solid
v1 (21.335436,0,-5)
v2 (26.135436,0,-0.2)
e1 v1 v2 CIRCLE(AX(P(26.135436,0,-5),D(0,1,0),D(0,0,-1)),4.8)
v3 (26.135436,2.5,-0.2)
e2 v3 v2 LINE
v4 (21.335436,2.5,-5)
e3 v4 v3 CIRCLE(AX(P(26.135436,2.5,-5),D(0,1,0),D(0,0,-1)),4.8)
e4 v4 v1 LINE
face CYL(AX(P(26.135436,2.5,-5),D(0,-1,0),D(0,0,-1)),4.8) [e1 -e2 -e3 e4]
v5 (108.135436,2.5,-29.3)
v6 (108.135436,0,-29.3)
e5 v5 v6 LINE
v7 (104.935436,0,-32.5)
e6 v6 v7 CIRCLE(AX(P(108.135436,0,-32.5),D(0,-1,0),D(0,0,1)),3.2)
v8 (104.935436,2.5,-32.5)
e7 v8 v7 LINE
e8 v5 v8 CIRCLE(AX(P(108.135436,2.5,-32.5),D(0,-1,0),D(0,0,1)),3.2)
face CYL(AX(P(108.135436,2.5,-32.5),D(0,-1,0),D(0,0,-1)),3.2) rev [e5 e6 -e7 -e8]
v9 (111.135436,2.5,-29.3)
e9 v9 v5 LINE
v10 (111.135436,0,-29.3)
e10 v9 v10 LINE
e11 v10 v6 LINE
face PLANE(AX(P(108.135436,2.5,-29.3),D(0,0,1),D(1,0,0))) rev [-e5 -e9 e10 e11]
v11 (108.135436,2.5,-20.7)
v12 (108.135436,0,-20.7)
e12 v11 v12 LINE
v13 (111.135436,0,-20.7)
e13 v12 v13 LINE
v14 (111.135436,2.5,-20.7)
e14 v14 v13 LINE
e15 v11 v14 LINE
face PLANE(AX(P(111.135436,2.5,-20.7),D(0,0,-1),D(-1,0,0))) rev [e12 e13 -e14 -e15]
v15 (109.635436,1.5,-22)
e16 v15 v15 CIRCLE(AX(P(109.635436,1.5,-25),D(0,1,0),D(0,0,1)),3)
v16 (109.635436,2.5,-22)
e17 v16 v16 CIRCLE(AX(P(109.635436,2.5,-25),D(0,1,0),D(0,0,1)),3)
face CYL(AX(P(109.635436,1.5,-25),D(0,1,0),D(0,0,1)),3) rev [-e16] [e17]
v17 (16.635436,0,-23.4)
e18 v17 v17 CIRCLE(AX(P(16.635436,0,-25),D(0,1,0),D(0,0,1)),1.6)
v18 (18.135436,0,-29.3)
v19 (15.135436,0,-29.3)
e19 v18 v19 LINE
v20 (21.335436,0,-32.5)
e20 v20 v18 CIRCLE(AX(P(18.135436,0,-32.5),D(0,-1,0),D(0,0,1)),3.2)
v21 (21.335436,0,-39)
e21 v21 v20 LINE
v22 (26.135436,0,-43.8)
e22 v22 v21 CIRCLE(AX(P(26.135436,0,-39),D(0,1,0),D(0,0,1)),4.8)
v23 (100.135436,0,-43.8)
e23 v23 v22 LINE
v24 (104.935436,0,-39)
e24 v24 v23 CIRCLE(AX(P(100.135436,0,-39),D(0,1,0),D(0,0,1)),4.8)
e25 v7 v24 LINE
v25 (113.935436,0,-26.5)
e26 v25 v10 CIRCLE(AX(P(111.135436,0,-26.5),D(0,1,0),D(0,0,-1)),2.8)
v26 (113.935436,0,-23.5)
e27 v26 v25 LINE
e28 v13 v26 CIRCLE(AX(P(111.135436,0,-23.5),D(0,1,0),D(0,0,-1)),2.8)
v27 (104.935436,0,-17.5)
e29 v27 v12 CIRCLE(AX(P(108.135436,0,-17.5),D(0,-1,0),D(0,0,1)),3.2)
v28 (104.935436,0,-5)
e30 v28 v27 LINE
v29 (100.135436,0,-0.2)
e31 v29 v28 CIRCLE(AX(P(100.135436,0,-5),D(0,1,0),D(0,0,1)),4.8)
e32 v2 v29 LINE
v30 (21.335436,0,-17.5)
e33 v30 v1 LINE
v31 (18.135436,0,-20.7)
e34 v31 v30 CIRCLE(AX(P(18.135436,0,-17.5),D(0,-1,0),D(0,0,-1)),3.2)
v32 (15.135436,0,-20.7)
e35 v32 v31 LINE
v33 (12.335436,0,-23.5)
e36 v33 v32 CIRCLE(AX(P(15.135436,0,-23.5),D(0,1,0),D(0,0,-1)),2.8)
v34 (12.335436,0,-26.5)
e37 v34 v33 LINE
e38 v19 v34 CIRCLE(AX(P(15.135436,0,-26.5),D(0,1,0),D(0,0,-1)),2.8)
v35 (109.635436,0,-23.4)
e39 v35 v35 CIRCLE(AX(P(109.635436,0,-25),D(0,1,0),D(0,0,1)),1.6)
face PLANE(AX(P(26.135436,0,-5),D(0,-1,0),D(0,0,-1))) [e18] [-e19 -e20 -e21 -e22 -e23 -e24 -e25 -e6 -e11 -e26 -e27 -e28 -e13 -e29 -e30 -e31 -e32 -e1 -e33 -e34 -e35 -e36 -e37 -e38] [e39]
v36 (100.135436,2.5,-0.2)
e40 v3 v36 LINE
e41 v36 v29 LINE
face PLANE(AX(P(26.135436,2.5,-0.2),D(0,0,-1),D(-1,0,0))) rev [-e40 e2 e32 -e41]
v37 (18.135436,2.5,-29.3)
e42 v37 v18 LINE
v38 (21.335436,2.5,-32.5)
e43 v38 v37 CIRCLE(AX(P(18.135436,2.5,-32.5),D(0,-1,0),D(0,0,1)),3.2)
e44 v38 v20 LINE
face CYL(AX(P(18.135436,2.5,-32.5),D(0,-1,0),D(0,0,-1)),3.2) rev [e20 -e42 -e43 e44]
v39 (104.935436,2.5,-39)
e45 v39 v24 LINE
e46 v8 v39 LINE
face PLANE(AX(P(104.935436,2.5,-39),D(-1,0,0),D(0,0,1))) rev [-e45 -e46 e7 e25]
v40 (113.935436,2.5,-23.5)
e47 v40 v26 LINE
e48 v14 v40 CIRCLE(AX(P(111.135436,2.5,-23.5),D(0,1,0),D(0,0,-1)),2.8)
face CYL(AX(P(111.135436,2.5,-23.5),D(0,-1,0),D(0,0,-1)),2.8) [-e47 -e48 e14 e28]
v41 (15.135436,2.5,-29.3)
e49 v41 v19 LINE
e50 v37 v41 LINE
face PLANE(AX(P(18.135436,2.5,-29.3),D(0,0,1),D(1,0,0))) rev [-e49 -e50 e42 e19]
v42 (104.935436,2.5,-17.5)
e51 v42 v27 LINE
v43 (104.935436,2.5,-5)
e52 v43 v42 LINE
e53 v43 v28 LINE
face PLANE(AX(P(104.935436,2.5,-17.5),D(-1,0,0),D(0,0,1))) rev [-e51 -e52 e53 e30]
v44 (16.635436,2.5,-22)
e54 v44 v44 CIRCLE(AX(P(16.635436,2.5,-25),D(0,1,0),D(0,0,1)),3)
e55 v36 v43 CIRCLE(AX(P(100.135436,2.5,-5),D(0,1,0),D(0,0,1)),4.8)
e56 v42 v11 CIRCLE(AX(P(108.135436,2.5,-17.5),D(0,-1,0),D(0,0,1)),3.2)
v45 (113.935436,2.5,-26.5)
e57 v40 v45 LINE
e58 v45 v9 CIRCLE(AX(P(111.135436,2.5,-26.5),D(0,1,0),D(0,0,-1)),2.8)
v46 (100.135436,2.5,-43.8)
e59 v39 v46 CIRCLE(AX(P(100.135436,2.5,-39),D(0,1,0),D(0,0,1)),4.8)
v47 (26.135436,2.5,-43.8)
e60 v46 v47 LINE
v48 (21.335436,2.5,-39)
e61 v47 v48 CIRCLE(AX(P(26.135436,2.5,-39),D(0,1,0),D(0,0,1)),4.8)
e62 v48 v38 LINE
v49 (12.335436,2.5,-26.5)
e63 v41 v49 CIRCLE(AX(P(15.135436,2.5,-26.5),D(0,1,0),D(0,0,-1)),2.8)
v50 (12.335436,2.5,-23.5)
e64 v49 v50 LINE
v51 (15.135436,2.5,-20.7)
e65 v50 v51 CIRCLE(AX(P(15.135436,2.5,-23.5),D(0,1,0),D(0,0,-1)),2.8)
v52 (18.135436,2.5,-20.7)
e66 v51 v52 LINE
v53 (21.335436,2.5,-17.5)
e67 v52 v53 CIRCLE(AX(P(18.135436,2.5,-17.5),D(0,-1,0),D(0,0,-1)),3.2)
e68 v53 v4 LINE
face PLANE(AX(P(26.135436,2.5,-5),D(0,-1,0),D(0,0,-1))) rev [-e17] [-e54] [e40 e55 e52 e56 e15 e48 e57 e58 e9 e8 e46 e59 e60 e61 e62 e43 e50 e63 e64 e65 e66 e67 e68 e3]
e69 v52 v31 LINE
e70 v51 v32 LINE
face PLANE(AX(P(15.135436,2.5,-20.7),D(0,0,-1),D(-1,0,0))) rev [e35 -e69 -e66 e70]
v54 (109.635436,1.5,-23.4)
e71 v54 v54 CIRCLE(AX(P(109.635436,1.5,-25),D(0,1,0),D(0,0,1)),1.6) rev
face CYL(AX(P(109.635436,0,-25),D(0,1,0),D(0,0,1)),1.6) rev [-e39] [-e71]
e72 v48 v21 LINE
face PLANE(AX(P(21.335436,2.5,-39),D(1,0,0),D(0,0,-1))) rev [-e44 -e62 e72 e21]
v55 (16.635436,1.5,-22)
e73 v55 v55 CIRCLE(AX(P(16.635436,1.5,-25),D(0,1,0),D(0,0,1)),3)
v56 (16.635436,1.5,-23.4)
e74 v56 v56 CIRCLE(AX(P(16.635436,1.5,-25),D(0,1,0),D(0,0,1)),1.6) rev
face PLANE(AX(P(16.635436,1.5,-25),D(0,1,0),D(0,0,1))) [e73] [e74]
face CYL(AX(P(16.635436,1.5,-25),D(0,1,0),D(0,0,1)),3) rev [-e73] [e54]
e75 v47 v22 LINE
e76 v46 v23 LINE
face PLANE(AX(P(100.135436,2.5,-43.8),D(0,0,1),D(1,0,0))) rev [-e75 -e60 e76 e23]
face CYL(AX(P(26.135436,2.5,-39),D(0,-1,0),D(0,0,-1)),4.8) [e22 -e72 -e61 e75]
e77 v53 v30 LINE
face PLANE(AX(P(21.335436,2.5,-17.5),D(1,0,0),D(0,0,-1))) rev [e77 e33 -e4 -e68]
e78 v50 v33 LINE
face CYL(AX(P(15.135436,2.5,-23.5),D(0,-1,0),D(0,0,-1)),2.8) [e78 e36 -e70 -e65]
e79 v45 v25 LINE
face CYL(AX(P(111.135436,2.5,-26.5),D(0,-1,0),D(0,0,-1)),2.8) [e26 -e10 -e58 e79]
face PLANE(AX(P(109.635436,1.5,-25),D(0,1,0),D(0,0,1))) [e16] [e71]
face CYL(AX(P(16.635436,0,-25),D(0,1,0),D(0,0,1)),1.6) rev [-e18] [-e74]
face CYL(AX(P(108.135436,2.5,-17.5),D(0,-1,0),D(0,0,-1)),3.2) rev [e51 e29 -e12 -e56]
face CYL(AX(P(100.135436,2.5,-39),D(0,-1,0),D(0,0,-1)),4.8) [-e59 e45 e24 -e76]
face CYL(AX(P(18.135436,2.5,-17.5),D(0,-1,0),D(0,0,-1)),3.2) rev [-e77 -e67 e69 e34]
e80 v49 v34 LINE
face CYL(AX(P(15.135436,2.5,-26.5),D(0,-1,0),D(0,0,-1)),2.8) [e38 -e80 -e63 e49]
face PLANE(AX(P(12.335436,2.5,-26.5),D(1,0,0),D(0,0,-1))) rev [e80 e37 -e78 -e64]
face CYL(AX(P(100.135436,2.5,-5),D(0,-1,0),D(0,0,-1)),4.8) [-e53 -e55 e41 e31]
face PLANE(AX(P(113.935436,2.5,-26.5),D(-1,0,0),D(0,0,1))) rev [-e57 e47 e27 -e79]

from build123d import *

# Parameters (mm, degrees)
EXTRUDE_1_DEPTH     = 2.5
SKETCH_2_R          = 1.6
CUT_EXTRUDE_1_DEPTH = 123.090022194
SKETCH_3_R          = 3
CUT_EXTRUDE_2_DEPTH = 1


with BuildPart() as part:
    # 草图1 → 凸台-拉伸1 (new body)
    with BuildSketch(Plane(origin=(0, 0, 0), x_dir=(1, 0, 0), z_dir=(0, 1, 0))):
        with BuildLine():
            Line((26.135435749, 0.2), (100.135435749, 0.2))
            ThreePointArc((100.135435749, 0.2), (103.529548299, 1.60588745), (104.935435749, 5))
            Line((104.935435749, 5), (104.935435749, 17.5))
            ThreePointArc((104.935435749, 17.5), (105.87269405, 19.7627417), (108.135435749, 20.7))
            Line((108.135435749, 20.7), (111.135435749, 20.7))
            ThreePointArc((111.135435749, 20.7), (113.115334737, 21.520101013), (113.935435749, 23.5))
            Line((113.935435749, 23.5), (113.935435749, 26.5))
            ThreePointArc((113.935435749, 26.5), (113.115334737, 28.479898987), (111.135435749, 29.3))
            Line((111.135435749, 29.3), (108.135435749, 29.3))
            ThreePointArc((108.135435749, 29.3), (105.87269405, 30.2372583), (104.935435749, 32.5))
            Line((104.935435749, 32.5), (104.935435749, 39))
            ThreePointArc((104.935435749, 39), (103.529548299, 42.39411255), (100.135435749, 43.8))
            Line((100.135435749, 43.8), (26.135435749, 43.8))
            ThreePointArc((26.135435749, 43.8), (22.7413232, 42.39411255), (21.335435749, 39))
            Line((21.335435749, 39), (21.335435749, 32.5))
            ThreePointArc((21.335435749, 32.5), (20.398177449, 30.2372583), (18.135435749, 29.3))
            Line((18.135435749, 29.3), (15.135435749, 29.3))
            ThreePointArc((15.135435749, 29.3), (13.155536762, 28.479898987), (12.335435749, 26.5))
            Line((12.335435749, 26.5), (12.335435749, 23.5))
            ThreePointArc((12.335435749, 23.5), (13.155536762, 21.520101013), (15.135435749, 20.7))
            Line((15.135435749, 20.7), (18.135435749, 20.7))
            ThreePointArc((18.135435749, 20.7), (20.398177449, 19.7627417), (21.335435749, 17.5))
            Line((21.335435749, 17.5), (21.335435749, 5))
            ThreePointArc((21.335435749, 5), (22.7413232, 1.60588745), (26.135435749, 0.2))
        make_face()
    extrude(amount=EXTRUDE_1_DEPTH)

    # 草图2 → 切除-拉伸1 (cut, through all)
    with BuildSketch(Plane(origin=(0, 2.5, 0), x_dir=(1, 0, 0), z_dir=(0, 1, 0))):
        with Locations(Location((16.635435749, 25, 0), (0, 0, 270))):
            Circle(SKETCH_2_R)
        with Locations(Location((109.635435749, 25, 0), (0, 0, 270))):
            Circle(SKETCH_2_R)
    extrude(amount=-CUT_EXTRUDE_1_DEPTH, mode=Mode.SUBTRACT)

    # 草图3 → 切除-拉伸2 (cut)
    with BuildSketch(Plane(origin=(0, 2.5, 0), x_dir=(1, 0, 0), z_dir=(0, 1, 0))):
        with Locations(Location((16.635435749, 25, 0), (0, 0, 270))):
            Circle(SKETCH_3_R)
        with Locations(Location((109.635435749, 25, 0), (0, 0, 270))):
            Circle(SKETCH_3_R)
    extrude(amount=-CUT_EXTRUDE_2_DEPTH, mode=Mode.SUBTRACT)


solid = part.part
